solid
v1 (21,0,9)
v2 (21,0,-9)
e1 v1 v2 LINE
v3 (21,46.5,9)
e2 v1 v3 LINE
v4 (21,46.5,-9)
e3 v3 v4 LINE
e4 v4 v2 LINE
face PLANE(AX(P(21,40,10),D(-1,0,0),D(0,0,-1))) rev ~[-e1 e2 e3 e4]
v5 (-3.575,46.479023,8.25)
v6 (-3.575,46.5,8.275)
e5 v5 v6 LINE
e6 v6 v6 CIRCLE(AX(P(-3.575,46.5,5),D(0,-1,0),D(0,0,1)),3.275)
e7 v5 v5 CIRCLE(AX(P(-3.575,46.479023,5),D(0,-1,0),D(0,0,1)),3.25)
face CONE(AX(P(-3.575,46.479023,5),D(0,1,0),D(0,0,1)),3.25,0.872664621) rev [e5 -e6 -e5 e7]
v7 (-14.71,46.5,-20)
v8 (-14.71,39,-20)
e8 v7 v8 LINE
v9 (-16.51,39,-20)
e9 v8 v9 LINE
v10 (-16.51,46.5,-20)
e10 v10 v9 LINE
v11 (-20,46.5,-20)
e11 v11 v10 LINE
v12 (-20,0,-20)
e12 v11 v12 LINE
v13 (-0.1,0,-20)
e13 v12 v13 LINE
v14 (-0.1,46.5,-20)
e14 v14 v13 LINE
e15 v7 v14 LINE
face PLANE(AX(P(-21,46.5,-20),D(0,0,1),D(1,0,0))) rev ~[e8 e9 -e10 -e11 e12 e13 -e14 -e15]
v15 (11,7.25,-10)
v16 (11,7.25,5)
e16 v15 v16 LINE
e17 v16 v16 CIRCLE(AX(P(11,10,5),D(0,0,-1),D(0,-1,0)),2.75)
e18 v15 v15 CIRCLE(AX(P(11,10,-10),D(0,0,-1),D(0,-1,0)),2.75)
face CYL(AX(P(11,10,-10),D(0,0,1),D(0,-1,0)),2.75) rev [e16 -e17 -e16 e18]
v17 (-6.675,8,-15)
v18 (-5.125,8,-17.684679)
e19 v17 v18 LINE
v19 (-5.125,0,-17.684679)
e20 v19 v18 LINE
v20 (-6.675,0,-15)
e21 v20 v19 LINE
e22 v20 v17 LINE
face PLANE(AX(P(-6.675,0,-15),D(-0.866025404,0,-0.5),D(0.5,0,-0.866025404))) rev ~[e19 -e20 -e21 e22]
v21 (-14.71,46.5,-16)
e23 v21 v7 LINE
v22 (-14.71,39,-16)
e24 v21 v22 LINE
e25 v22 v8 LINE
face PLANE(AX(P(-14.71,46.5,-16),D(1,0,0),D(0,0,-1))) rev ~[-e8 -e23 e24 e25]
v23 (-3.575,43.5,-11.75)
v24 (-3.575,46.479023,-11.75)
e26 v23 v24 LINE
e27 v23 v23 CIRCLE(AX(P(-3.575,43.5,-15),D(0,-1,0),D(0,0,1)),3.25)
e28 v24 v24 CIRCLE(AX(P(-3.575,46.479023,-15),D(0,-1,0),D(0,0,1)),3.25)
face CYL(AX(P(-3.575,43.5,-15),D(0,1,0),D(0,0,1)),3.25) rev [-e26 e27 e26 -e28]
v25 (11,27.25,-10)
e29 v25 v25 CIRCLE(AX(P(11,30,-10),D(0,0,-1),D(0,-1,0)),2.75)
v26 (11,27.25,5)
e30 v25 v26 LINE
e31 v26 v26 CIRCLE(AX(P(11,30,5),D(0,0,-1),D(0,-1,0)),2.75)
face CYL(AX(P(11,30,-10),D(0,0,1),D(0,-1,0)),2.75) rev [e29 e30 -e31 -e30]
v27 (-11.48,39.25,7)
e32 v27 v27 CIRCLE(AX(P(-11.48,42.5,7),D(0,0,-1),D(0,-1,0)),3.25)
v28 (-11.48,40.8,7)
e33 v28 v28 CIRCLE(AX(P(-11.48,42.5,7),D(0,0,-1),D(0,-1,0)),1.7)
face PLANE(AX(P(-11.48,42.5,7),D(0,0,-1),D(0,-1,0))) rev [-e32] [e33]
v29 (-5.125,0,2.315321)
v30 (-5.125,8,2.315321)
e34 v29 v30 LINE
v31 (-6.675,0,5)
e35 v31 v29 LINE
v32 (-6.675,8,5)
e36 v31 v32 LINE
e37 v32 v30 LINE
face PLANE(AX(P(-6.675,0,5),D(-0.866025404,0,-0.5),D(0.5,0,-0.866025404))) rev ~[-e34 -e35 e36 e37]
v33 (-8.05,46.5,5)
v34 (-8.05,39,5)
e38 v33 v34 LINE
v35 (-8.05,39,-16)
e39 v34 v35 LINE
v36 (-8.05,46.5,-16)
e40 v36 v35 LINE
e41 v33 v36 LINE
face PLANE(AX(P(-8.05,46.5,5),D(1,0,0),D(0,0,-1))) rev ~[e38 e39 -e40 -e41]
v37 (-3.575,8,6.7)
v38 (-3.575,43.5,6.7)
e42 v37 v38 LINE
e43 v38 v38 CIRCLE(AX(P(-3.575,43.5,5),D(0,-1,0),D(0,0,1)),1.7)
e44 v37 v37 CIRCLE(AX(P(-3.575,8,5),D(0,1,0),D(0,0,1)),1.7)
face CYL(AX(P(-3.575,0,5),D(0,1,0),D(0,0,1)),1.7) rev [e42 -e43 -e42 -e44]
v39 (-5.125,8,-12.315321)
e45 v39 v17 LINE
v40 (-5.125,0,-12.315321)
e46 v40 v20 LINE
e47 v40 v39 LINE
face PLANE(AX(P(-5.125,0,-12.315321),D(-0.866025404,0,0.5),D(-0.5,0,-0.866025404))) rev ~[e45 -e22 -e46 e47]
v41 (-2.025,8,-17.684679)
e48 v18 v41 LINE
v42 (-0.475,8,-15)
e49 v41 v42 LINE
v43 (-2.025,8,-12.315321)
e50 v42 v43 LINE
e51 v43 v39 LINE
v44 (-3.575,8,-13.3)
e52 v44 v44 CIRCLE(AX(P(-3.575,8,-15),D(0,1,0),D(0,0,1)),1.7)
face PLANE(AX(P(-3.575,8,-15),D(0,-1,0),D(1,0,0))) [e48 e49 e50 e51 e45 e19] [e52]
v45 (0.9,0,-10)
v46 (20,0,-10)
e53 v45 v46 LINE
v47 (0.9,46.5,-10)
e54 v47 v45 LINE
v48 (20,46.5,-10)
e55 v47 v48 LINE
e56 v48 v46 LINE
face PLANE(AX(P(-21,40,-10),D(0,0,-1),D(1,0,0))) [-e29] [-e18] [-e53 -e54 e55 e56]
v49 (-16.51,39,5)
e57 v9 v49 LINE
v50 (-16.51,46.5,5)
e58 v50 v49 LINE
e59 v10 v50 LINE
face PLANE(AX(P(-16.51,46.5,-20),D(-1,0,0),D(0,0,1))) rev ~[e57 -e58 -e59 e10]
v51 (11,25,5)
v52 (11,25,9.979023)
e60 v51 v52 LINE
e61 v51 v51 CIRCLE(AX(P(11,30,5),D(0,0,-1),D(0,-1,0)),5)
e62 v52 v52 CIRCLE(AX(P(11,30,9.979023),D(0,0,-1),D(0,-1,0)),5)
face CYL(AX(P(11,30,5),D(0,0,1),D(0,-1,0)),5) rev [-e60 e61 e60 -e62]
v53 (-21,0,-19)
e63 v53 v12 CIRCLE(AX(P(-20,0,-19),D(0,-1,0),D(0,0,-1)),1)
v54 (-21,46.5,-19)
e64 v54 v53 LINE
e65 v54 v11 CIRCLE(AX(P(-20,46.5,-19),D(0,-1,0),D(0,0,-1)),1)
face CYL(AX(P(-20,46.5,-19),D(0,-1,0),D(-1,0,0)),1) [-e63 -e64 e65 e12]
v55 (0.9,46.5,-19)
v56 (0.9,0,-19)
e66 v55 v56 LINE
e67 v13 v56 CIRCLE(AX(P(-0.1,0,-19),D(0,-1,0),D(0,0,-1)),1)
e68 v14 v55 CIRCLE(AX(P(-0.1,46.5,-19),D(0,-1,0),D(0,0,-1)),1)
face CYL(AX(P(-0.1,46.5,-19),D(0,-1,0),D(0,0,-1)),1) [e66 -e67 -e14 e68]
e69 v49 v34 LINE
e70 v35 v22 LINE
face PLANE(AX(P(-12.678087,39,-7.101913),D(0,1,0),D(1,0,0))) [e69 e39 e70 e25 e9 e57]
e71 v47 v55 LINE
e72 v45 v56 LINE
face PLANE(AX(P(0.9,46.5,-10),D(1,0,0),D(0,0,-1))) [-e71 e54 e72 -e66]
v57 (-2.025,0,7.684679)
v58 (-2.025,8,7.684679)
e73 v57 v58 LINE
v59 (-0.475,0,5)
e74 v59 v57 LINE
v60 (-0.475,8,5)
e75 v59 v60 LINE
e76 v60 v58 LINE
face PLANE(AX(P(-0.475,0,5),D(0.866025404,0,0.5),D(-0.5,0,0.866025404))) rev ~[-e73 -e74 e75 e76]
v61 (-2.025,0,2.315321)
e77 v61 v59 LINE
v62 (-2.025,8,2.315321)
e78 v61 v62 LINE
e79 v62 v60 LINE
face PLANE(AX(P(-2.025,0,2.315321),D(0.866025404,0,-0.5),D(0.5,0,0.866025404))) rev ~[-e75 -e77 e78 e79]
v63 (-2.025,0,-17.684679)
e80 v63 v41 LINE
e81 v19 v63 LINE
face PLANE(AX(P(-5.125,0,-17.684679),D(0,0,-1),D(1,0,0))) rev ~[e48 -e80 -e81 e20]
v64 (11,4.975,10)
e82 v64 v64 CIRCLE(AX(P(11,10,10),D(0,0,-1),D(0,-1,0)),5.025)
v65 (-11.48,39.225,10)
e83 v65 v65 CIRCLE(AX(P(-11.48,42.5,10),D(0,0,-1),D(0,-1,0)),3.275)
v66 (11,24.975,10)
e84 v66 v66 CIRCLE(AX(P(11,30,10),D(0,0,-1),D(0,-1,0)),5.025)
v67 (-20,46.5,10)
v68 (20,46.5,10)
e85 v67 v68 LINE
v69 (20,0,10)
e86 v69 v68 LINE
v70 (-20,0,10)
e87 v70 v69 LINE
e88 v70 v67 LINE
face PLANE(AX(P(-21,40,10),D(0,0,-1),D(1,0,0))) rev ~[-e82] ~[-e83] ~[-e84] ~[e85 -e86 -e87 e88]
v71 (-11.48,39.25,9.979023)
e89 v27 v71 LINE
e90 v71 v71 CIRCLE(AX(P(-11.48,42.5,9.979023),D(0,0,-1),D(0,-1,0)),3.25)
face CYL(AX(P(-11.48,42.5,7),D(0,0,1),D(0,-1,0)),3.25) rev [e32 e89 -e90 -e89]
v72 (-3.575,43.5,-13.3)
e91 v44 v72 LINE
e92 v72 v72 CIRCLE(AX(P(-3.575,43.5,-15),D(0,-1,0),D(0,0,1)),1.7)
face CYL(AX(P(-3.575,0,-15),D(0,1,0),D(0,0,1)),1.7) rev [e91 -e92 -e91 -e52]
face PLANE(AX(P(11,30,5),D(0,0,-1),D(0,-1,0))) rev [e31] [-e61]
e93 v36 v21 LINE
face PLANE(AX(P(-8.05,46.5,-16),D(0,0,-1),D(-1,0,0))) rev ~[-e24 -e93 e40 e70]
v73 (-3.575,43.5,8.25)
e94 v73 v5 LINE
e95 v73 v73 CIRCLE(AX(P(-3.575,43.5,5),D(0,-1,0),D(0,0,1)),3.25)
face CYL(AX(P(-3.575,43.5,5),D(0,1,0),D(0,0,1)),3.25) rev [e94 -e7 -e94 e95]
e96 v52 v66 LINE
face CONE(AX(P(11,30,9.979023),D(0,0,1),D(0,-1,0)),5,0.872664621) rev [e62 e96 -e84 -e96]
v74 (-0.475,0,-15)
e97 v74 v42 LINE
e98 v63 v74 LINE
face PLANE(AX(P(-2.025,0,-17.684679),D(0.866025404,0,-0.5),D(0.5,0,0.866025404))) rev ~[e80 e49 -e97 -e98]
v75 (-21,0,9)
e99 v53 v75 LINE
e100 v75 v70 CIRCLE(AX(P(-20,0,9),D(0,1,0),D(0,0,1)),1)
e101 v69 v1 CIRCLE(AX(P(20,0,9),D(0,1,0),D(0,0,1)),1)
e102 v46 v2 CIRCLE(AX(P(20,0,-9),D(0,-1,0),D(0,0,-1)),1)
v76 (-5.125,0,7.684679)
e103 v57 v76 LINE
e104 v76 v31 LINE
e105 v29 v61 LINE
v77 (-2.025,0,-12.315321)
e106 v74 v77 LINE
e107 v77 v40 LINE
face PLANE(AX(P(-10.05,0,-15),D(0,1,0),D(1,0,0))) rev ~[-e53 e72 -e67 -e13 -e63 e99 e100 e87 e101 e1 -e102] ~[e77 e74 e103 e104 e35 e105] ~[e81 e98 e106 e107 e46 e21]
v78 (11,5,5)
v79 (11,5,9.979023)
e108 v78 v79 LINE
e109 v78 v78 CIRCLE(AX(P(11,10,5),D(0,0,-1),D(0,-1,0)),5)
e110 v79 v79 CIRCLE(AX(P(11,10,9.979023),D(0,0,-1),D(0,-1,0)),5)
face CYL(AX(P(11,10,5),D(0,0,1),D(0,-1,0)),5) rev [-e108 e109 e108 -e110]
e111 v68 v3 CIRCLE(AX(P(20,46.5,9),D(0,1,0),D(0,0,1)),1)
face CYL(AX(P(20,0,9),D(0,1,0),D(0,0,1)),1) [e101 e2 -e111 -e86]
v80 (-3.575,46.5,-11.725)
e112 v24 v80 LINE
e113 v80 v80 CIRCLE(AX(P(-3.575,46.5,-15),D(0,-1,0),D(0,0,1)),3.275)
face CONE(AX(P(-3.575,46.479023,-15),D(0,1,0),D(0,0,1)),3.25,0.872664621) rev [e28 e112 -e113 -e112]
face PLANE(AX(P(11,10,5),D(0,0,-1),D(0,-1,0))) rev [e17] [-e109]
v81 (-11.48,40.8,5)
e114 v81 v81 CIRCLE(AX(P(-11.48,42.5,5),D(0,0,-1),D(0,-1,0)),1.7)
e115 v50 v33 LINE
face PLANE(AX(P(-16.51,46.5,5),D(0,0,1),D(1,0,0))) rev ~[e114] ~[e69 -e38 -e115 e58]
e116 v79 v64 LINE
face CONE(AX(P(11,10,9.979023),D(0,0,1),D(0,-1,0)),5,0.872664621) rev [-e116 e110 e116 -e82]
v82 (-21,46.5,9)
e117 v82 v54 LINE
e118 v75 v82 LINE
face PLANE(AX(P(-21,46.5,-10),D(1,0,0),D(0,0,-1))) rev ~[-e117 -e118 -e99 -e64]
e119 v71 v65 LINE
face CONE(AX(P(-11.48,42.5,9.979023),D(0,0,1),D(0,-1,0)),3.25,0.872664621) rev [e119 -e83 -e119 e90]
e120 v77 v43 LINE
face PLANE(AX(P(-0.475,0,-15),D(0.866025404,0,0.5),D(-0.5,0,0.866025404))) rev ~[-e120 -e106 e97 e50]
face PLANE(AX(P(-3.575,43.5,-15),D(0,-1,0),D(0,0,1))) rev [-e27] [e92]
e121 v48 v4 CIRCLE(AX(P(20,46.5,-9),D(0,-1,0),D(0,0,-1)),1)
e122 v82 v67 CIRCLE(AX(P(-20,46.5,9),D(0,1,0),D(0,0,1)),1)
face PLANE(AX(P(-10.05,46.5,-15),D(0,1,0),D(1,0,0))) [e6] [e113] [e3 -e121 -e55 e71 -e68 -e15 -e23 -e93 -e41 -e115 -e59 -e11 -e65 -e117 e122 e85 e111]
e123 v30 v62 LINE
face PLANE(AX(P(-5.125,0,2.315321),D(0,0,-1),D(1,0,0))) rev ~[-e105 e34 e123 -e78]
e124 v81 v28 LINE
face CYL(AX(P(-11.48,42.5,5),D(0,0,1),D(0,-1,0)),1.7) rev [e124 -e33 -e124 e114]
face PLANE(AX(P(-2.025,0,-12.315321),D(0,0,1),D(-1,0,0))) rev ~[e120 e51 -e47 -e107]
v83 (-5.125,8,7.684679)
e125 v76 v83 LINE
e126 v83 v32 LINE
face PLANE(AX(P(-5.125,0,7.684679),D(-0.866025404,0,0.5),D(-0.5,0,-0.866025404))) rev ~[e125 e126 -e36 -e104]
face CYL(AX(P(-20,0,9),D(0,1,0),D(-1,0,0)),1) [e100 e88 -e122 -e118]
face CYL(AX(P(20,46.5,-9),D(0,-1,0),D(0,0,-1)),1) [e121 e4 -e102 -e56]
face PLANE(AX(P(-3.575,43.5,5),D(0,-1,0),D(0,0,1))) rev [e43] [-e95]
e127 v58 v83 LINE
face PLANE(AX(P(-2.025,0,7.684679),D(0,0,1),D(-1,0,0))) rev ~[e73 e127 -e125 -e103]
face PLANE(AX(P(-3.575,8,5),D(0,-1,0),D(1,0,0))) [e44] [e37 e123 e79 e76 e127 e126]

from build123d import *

# Parameters (mm, degrees)
SKETCH1_W                     = 42
SKETCH1_H                     = 20
BOSS_EXTRUDE1_DEPTH           = 40
CBORE_FOR_M5_SHCS1_AT_2_COUNT = 2
CBORE_FOR_M5_SHCS1_AT_2_PITCH = 20
SKETCH5_W                     = 42
SKETCH5_H                     = 20
BOSS_EXTRUDE2_DEPTH           = 6.5
SKETCH12_W                    = 21.9
SKETCH12_H                    = 10
BOSS_EXTRUDE3_DEPTH           = 46.5
CUT_EXTRUDE1_DEPTH            = 7.5
FILLET1_R                     = 1
CBORE_FOR_M3_SHCS2_AT_2_COUNT = 2
CBORE_FOR_M3_SHCS2_AT_2_PITCH = 20
CUT_EXTRUDE2_DEPTH            = 8


with BuildPart() as part:
    # Sketch1 → Boss-Extrude1 (new body)
    with BuildSketch(Plane(origin=(0, 0, 0), x_dir=(1, 0, 0), z_dir=(0, 1, 0))):
        Rectangle(SKETCH1_W, SKETCH1_H)
    extrude(amount=BOSS_EXTRUDE1_DEPTH)

    # Sketch4 → CBORE for M5 SHCS1 (revolve, cut)
    with BuildSketch(Plane(origin=(11, 30, 10), x_dir=(0, -1, 0), z_dir=(1, 0, 0))):
        Polygon((0, 0), (0, 20), (2.75, 20), (2.75, 5), (5, 5), (5, 0.020977491), (5.025, 0), align=None)
    cbore_for_m5_shcs1 = revolve(axis=Axis((11, 30, 16.35), (0, 0, -1)), mode=Mode.SUBTRACT)

    # CBORE for M5 SHCS1 at 2: CBORE for M5 SHCS1 ×2
    with Locations(*[(0, -i * CBORE_FOR_M5_SHCS1_AT_2_PITCH, 0) for i in range(1, CBORE_FOR_M5_SHCS1_AT_2_COUNT)]):
        add(cbore_for_m5_shcs1, mode=Mode.SUBTRACT)

    # Sketch5 → Boss-Extrude2 (add)
    with BuildSketch(Plane(origin=(0, 40, 0), x_dir=(1, 0, 0), z_dir=(0, 1, 0))):
        Rectangle(SKETCH5_W, SKETCH5_H)
    extrude(amount=BOSS_EXTRUDE2_DEPTH)

    # Sketch12 → Boss-Extrude3 (add)
    with BuildSketch(Plane(origin=(0, 46.5, 0), x_dir=(1, 0, 0), z_dir=(0, 1, 0))):
        with Locations((-10.05, 15)):
            Rectangle(SKETCH12_W, SKETCH12_H)
    extrude(amount=-BOSS_EXTRUDE3_DEPTH)

    # Sketch6 → Cut-Extrude1 (cut)
    with BuildSketch(Plane(origin=(0, 46.5, 0), x_dir=(1, 0, 0), z_dir=(0, 1, 0))):
        Polygon((-16.51, 20), (-16.51, -5), (-8.05, -5), (-8.05, 16), (-14.71, 16), (-14.71, 20), align=None)
    extrude(amount=-CUT_EXTRUDE1_DEPTH, mode=Mode.SUBTRACT)

    # Fillet1
    fillet1_edges = [part.edges().sort_by_distance(p)[0] for p in [
        (0.9, 23.25, -20),
        (-21, 23.25, -20),
        (21, 23.25, -10),
        (21, 23.25, 10),
        (-21, 23.25, 10),
    ]]
    fillet(fillet1_edges, radius=FILLET1_R)

    # Sketch11 → CBORE for M3 SHCS1 (revolve, cut)
    with BuildSketch(Plane(origin=(-11.48, 42.5, 10), x_dir=(0, -1, 0), z_dir=(1, 0, 0))):
        Polygon((0, 0), (0, 6.021463052), (1.7, 5), (1.7, 3), (3.25, 3), (3.25, 0.020977491), (3.275, 0), align=None)
    revolve(axis=Axis((-11.48, 42.5, 16.35), (0, 0, -1)), mode=Mode.SUBTRACT)

    # Sketch16 → CBORE for M3 SHCS2 (revolve, cut)
    with BuildSketch(Plane(origin=(-3.575, 46.5, -15), x_dir=(0, 0, 1), z_dir=(1, 0, 0))):
        Polygon((0, 0), (0, 46.5), (1.7, 46.5), (1.7, 3), (3.25, 3), (3.25, 0.020977491), (3.275, 0), align=None)
    cbore_for_m3_shcs2 = revolve(axis=Axis((-3.575, 52.85, -15), (0, -1, 0)), mode=Mode.SUBTRACT)

    # CBORE for M3 SHCS2 at 2: CBORE for M3 SHCS2 ×2
    with Locations(*[(0, 0, i * CBORE_FOR_M3_SHCS2_AT_2_PITCH) for i in range(1, CBORE_FOR_M3_SHCS2_AT_2_COUNT)]):
        add(cbore_for_m3_shcs2, mode=Mode.SUBTRACT)

    # Sketch18 → Cut-Extrude2 (cut)
    with BuildSketch(Plane.XZ):
        Polygon((-0.475, 5), (-2.025, 7.684678752), (-5.125, 7.684678752), (-6.675, 5), (-5.125, 2.315321248), (-2.025, 2.315321248), align=None)
        Polygon((-0.475, -15), (-2.025, -12.315321248), (-5.125, -12.315321248), (-6.675, -15), (-5.125, -17.684678752), (-2.025, -17.684678752), align=None)
    extrude(amount=-CUT_EXTRUDE2_DEPTH, mode=Mode.SUBTRACT)


solid = part.part
